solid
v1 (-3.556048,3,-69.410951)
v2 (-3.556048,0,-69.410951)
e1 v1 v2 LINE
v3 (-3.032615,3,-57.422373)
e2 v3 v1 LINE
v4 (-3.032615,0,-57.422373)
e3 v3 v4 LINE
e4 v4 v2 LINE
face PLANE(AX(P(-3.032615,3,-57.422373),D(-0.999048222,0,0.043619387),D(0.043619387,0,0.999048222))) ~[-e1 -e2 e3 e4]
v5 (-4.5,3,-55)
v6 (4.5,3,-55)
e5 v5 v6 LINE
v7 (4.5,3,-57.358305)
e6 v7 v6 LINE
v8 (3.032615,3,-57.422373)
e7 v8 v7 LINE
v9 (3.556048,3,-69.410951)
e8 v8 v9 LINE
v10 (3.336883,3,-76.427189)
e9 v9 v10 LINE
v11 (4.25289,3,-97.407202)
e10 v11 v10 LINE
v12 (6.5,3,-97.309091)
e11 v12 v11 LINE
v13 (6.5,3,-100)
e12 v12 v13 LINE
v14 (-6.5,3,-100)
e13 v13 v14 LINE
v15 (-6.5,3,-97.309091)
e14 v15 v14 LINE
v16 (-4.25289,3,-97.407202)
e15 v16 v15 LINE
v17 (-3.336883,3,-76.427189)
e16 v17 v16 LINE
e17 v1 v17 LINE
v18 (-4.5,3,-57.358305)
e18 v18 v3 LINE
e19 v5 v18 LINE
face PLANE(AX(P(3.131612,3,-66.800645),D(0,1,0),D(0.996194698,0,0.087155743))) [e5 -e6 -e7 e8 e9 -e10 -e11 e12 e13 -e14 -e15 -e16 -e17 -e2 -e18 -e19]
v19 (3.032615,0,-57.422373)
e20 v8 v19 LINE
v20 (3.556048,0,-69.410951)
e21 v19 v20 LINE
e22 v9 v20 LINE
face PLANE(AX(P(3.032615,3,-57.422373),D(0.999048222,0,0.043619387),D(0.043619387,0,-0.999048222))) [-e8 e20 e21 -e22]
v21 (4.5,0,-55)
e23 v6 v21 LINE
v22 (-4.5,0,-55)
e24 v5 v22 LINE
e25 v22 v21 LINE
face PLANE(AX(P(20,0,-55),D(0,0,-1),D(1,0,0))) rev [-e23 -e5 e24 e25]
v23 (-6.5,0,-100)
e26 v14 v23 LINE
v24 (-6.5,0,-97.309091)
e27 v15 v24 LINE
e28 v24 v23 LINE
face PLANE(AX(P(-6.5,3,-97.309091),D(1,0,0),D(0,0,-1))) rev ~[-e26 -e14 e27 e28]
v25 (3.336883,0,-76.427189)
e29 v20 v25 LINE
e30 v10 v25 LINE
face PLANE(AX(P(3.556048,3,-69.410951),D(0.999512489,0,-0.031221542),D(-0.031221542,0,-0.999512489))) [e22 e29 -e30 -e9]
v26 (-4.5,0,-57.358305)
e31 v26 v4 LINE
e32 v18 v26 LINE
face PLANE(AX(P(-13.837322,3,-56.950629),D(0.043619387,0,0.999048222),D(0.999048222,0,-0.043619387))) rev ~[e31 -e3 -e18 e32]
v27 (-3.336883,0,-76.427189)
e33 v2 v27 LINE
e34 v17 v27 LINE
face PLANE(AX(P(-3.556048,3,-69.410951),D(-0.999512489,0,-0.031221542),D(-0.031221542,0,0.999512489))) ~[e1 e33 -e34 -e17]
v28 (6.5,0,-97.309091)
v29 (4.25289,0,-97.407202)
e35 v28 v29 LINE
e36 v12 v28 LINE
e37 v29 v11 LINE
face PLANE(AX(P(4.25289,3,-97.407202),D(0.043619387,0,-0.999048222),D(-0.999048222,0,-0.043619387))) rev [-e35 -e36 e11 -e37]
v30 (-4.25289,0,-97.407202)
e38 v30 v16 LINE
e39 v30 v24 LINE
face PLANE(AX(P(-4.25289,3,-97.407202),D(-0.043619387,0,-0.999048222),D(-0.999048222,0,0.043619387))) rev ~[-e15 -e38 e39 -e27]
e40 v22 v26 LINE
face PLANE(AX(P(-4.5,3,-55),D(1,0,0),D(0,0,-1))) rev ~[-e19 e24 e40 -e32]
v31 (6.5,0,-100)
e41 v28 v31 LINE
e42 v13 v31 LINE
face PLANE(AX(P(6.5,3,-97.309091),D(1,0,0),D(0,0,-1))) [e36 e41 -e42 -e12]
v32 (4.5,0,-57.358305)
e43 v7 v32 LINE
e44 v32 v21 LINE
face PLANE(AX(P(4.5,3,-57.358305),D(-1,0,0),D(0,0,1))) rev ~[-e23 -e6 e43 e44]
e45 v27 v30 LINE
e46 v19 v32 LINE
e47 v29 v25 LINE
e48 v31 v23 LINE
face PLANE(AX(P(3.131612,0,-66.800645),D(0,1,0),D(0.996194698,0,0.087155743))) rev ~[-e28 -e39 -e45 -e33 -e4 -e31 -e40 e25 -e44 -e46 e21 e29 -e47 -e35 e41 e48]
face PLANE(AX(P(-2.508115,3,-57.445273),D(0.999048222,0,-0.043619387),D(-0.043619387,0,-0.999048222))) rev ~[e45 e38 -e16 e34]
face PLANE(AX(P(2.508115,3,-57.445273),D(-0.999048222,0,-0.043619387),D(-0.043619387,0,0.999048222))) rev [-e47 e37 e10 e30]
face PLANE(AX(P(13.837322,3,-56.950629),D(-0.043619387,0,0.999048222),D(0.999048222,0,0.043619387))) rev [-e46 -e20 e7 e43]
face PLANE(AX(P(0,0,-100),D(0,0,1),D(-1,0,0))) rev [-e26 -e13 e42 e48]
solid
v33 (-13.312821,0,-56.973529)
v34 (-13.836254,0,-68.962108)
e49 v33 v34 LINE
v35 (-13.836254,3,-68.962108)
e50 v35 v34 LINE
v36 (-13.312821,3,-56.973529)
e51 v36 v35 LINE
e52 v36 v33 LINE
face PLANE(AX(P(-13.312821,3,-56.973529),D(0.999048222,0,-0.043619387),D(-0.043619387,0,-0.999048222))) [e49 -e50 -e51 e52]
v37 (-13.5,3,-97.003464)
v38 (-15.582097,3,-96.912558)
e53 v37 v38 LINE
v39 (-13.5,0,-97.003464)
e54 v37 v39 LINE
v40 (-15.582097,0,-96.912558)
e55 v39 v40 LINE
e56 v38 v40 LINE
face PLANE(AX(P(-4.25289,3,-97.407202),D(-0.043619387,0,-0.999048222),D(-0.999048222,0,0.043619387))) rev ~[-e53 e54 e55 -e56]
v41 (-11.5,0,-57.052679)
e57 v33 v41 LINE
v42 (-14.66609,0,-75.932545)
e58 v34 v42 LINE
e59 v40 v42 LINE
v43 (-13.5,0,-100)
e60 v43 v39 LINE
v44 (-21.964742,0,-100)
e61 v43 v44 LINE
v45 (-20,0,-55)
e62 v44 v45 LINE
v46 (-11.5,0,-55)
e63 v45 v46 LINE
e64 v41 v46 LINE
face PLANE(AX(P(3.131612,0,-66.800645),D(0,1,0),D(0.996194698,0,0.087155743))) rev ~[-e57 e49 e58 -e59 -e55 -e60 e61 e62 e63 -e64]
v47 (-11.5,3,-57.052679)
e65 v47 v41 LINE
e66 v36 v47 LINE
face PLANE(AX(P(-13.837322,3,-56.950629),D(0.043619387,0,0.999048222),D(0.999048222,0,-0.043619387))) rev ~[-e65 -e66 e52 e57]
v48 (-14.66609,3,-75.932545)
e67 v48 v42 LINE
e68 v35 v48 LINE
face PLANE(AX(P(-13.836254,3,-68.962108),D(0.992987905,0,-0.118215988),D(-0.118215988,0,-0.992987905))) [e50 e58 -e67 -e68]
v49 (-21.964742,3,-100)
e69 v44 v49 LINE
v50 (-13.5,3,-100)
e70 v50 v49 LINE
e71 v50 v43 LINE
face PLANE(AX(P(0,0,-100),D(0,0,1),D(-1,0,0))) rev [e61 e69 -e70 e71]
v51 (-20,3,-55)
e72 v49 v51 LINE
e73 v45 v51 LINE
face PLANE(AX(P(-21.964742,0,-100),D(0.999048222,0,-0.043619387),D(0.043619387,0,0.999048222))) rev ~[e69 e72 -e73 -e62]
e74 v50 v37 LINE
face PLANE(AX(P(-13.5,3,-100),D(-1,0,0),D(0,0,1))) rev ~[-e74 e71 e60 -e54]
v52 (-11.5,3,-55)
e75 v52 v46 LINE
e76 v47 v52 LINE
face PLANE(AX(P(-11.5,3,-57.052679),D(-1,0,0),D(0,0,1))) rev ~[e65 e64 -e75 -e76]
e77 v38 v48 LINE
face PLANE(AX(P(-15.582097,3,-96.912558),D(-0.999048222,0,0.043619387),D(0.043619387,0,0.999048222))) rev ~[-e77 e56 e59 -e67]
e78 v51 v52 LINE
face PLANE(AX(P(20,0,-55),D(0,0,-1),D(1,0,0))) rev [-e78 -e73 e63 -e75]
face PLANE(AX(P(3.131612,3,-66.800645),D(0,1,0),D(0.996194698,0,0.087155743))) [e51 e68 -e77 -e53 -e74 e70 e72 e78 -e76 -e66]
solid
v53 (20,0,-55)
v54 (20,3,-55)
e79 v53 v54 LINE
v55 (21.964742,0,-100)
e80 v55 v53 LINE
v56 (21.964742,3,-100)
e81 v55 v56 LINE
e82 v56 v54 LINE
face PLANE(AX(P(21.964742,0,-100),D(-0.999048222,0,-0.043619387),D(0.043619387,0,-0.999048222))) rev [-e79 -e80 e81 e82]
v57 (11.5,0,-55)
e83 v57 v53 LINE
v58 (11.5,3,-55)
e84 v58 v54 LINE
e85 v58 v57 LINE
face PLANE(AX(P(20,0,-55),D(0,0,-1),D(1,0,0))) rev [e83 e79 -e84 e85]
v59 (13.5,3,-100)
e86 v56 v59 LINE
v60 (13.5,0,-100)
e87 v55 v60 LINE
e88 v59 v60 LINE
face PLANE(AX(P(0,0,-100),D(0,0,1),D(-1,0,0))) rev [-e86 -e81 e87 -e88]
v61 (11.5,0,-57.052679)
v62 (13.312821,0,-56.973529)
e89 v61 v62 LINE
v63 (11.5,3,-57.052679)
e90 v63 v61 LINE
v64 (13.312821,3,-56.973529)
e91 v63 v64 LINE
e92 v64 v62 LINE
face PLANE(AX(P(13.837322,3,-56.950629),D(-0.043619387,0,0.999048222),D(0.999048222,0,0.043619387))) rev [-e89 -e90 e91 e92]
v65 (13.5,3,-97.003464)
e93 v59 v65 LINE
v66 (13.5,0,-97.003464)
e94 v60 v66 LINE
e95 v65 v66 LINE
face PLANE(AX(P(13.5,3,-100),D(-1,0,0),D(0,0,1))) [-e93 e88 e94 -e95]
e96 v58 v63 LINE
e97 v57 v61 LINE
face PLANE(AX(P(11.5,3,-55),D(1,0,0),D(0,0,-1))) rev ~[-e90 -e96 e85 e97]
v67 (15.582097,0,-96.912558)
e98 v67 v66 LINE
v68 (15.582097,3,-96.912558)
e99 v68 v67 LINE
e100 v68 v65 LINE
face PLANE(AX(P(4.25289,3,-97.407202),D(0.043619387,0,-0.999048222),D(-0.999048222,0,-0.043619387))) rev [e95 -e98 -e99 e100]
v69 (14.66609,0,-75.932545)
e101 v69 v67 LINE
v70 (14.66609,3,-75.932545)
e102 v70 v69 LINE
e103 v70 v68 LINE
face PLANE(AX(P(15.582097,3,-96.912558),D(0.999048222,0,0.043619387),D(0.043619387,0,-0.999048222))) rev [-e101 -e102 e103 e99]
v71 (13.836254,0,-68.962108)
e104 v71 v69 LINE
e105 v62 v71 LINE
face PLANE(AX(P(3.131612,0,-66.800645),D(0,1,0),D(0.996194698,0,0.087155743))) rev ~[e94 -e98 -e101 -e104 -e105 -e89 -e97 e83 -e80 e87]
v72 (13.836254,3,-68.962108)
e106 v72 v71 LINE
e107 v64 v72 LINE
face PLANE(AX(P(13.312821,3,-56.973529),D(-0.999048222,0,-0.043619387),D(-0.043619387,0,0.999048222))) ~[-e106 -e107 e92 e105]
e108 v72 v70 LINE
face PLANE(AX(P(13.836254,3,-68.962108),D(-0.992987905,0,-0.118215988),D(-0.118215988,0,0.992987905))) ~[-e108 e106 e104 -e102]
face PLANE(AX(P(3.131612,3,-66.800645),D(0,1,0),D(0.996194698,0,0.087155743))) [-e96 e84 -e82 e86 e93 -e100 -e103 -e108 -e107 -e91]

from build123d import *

# Parameters (mm, degrees)
BOSS_EXTRUDE1_DEPTH      = 3
CUT_EXTRUDE1_DEPTH       = 103.427778996
BOSS_EXTRUDE2_DEPTH      = 3
MIRROR4_COPY_1_DEPTH     = 3
CUT_EXTRUDE7_DEPTH       = 103.427778996
CUT_EXTRUDE7_DEPTH_BACK  = 103.427778996
CUT_EXTRUDE8_DEPTH       = 103.427778996
CUT_EXTRUDE8_DEPTH_BACK  = 103.427778996
CUT_EXTRUDE9_DEPTH       = 103.427778996
CUT_EXTRUDE9_DEPTH_BACK  = 103.427778996
CUT_EXTRUDE10_DEPTH      = 103.427778996
CUT_EXTRUDE10_DEPTH_BACK = 103.427778996


with BuildPart() as part:
    # Sketch1 → Boss-Extrude1 (new body)
    with BuildSketch(Plane(origin=(0, 0, 0), x_dir=(1, 0, 0), z_dir=(0, 1, 0))):
        Polygon((-21.964742431, 100), (-20, 55), (0, 55), (0, 100), align=None)
    boss_extrude1 = extrude(amount=BOSS_EXTRUDE1_DEPTH)

    # Sketch2 → Cut-Extrude1 (cut, symmetric)
    with BuildSketch(Plane(origin=(0, 3, 0), x_dir=(1, 0, 0), z_dir=(0, 1, 0))):
        Polygon((-13.837321606, 56.950628888), (-2.508114774, 57.445272741), (-4.252890268, 97.407201604), (-15.582097101, 96.912557752), align=None)
    cut_extrude1 = extrude(amount=CUT_EXTRUDE1_DEPTH, both=True, mode=Mode.SUBTRACT)

    # Sketch6 → Boss-Extrude2 (add)
    with BuildSketch(Plane(origin=(0, 3, 0), x_dir=(1, 0, 0), z_dir=(0, 1, 0))):
        Polygon((-13.837321606, 56.950628888), (-13.31282129, 56.973529067), (-13.836253938, 68.962107726), (-14.666089966, 75.932545098), align=None)
    boss_extrude2 = extrude(amount=-BOSS_EXTRUDE2_DEPTH)

    # Mirror3: Boss-Extrude2 across plane
    add(boss_extrude2.mirror(Plane(origin=(-5.664603416, 0, 0.247321926), x_dir=(0.043619387365336264, 0, 0.9990482215818577), z_dir=(0.9990482215818578, 0, -0.043619387365336264))))

    # Mirror4: Boss-Extrude1, Cut-Extrude1, Boss-Extrude2 across plane
    add(boss_extrude1.mirror(Plane(origin=(0, 0, 0), x_dir=(0, 0, 1), z_dir=(1, 0, 0))))
    add(cut_extrude1.mirror(Plane(origin=(0, 0, 0), x_dir=(0, 0, 1), z_dir=(1, 0, 0))), mode=Mode.SUBTRACT)
    add(boss_extrude2.mirror(Plane(origin=(0, 0, 0), x_dir=(0, 0, 1), z_dir=(1, 0, 0))))

    # Mirror4 copy 1 sketch → Mirror4 copy 1 (add)
    with BuildSketch(Plane(origin=(11.329206833, 3, 0.494643853), x_dir=(0.9961946980917458, 0, 0.08715574274765871), z_dir=(0, 1, 0))):
        Polygon((-13.837321606, 56.950628888), (-13.31282129, 56.973529067), (-13.836253938, 68.962107726), (-14.666089966, 75.932545098), align=None)
    extrude(amount=-MIRROR4_COPY_1_DEPTH)

    # Sketch7 → Cut-Extrude7 (cut, two sides)
    with BuildSketch(Plane(origin=(0, 3, 0), x_dir=(1, 0, 0), z_dir=(0, 1, 0))) as cut_extrude7_sk:
        Polygon((-13.5, 100), (-13.5, 97.003464074), (-6.5, 97.309090675), (-6.5, 100), align=None)
    extrude(amount=CUT_EXTRUDE7_DEPTH, mode=Mode.SUBTRACT)
    extrude(cut_extrude7_sk.sketch, amount=-CUT_EXTRUDE7_DEPTH_BACK, mode=Mode.SUBTRACT)

    # Sketch13 → Cut-Extrude8 (cut, two sides)
    with BuildSketch(Plane(origin=(0, 3, 0), x_dir=(1, 0, 0), z_dir=(0, 1, 0))) as cut_extrude8_sk:
        Polygon((6.5, 97.309090675), (6.5, 100), (13.5, 100), (13.5, 97.003464074), align=None)
    extrude(amount=CUT_EXTRUDE8_DEPTH, mode=Mode.SUBTRACT)
    extrude(cut_extrude8_sk.sketch, amount=-CUT_EXTRUDE8_DEPTH_BACK, mode=Mode.SUBTRACT)

    # Sketch14 → Cut-Extrude9 (cut, two sides)
    with BuildSketch(Plane(origin=(0, 3, 0), x_dir=(1, 0, 0), z_dir=(0, 1, 0))) as cut_extrude9_sk:
        Polygon((-11.5, 57.052678553), (-11.5, 55), (-4.5, 55), (-4.5, 57.358305154), align=None)
    extrude(amount=CUT_EXTRUDE9_DEPTH, mode=Mode.SUBTRACT)
    extrude(cut_extrude9_sk.sketch, amount=-CUT_EXTRUDE9_DEPTH_BACK, mode=Mode.SUBTRACT)


with BuildPart() as cut_extrude9_piece_1:
    # of the separate pieces the step leaves, piece 1, a body of its own (cut_extrude9_pieces)
    add(part.part.solids().sort_by_distance((-4.5, 0, -55))[0])

    # Sketch15 → Cut-Extrude10 (cut, two sides)
    with BuildSketch(Plane(origin=(0, 3, 0), x_dir=(1, 0, 0), z_dir=(0, 1, 0))) as cut_extrude10_sk:
        Polygon((4.5, 57.358305154), (4.5, 55), (11.5, 55), (11.5, 57.052678553), align=None)
    extrude(amount=CUT_EXTRUDE10_DEPTH, mode=Mode.SUBTRACT)
    extrude(cut_extrude10_sk.sketch, amount=-CUT_EXTRUDE10_DEPTH_BACK, mode=Mode.SUBTRACT)


with BuildPart() as cut_extrude9_piece_2:
    # of the separate pieces the step leaves, piece 2, a body of its own (cut_extrude9_pieces)
    add(part.part.solids().sort_by_distance((-21.964742431, 0, -100))[0])


with BuildPart() as cut_extrude10_piece_1:
    # of the separate pieces the step leaves, piece 1, a body of its own (cut_extrude10_pieces)
    add(cut_extrude9_piece_1.part.solids().sort_by_distance((-4.5, 0, -55))[0])


with BuildPart() as cut_extrude10_piece_2:
    # of the separate pieces the step leaves, piece 2, a body of its own (cut_extrude10_pieces)
    add(cut_extrude9_piece_1.part.solids().sort_by_distance((11.5, 0, -55))[0])


solid = Compound([cut_extrude9_piece_2.part, cut_extrude10_piece_1.part, cut_extrude10_piece_2.part])
